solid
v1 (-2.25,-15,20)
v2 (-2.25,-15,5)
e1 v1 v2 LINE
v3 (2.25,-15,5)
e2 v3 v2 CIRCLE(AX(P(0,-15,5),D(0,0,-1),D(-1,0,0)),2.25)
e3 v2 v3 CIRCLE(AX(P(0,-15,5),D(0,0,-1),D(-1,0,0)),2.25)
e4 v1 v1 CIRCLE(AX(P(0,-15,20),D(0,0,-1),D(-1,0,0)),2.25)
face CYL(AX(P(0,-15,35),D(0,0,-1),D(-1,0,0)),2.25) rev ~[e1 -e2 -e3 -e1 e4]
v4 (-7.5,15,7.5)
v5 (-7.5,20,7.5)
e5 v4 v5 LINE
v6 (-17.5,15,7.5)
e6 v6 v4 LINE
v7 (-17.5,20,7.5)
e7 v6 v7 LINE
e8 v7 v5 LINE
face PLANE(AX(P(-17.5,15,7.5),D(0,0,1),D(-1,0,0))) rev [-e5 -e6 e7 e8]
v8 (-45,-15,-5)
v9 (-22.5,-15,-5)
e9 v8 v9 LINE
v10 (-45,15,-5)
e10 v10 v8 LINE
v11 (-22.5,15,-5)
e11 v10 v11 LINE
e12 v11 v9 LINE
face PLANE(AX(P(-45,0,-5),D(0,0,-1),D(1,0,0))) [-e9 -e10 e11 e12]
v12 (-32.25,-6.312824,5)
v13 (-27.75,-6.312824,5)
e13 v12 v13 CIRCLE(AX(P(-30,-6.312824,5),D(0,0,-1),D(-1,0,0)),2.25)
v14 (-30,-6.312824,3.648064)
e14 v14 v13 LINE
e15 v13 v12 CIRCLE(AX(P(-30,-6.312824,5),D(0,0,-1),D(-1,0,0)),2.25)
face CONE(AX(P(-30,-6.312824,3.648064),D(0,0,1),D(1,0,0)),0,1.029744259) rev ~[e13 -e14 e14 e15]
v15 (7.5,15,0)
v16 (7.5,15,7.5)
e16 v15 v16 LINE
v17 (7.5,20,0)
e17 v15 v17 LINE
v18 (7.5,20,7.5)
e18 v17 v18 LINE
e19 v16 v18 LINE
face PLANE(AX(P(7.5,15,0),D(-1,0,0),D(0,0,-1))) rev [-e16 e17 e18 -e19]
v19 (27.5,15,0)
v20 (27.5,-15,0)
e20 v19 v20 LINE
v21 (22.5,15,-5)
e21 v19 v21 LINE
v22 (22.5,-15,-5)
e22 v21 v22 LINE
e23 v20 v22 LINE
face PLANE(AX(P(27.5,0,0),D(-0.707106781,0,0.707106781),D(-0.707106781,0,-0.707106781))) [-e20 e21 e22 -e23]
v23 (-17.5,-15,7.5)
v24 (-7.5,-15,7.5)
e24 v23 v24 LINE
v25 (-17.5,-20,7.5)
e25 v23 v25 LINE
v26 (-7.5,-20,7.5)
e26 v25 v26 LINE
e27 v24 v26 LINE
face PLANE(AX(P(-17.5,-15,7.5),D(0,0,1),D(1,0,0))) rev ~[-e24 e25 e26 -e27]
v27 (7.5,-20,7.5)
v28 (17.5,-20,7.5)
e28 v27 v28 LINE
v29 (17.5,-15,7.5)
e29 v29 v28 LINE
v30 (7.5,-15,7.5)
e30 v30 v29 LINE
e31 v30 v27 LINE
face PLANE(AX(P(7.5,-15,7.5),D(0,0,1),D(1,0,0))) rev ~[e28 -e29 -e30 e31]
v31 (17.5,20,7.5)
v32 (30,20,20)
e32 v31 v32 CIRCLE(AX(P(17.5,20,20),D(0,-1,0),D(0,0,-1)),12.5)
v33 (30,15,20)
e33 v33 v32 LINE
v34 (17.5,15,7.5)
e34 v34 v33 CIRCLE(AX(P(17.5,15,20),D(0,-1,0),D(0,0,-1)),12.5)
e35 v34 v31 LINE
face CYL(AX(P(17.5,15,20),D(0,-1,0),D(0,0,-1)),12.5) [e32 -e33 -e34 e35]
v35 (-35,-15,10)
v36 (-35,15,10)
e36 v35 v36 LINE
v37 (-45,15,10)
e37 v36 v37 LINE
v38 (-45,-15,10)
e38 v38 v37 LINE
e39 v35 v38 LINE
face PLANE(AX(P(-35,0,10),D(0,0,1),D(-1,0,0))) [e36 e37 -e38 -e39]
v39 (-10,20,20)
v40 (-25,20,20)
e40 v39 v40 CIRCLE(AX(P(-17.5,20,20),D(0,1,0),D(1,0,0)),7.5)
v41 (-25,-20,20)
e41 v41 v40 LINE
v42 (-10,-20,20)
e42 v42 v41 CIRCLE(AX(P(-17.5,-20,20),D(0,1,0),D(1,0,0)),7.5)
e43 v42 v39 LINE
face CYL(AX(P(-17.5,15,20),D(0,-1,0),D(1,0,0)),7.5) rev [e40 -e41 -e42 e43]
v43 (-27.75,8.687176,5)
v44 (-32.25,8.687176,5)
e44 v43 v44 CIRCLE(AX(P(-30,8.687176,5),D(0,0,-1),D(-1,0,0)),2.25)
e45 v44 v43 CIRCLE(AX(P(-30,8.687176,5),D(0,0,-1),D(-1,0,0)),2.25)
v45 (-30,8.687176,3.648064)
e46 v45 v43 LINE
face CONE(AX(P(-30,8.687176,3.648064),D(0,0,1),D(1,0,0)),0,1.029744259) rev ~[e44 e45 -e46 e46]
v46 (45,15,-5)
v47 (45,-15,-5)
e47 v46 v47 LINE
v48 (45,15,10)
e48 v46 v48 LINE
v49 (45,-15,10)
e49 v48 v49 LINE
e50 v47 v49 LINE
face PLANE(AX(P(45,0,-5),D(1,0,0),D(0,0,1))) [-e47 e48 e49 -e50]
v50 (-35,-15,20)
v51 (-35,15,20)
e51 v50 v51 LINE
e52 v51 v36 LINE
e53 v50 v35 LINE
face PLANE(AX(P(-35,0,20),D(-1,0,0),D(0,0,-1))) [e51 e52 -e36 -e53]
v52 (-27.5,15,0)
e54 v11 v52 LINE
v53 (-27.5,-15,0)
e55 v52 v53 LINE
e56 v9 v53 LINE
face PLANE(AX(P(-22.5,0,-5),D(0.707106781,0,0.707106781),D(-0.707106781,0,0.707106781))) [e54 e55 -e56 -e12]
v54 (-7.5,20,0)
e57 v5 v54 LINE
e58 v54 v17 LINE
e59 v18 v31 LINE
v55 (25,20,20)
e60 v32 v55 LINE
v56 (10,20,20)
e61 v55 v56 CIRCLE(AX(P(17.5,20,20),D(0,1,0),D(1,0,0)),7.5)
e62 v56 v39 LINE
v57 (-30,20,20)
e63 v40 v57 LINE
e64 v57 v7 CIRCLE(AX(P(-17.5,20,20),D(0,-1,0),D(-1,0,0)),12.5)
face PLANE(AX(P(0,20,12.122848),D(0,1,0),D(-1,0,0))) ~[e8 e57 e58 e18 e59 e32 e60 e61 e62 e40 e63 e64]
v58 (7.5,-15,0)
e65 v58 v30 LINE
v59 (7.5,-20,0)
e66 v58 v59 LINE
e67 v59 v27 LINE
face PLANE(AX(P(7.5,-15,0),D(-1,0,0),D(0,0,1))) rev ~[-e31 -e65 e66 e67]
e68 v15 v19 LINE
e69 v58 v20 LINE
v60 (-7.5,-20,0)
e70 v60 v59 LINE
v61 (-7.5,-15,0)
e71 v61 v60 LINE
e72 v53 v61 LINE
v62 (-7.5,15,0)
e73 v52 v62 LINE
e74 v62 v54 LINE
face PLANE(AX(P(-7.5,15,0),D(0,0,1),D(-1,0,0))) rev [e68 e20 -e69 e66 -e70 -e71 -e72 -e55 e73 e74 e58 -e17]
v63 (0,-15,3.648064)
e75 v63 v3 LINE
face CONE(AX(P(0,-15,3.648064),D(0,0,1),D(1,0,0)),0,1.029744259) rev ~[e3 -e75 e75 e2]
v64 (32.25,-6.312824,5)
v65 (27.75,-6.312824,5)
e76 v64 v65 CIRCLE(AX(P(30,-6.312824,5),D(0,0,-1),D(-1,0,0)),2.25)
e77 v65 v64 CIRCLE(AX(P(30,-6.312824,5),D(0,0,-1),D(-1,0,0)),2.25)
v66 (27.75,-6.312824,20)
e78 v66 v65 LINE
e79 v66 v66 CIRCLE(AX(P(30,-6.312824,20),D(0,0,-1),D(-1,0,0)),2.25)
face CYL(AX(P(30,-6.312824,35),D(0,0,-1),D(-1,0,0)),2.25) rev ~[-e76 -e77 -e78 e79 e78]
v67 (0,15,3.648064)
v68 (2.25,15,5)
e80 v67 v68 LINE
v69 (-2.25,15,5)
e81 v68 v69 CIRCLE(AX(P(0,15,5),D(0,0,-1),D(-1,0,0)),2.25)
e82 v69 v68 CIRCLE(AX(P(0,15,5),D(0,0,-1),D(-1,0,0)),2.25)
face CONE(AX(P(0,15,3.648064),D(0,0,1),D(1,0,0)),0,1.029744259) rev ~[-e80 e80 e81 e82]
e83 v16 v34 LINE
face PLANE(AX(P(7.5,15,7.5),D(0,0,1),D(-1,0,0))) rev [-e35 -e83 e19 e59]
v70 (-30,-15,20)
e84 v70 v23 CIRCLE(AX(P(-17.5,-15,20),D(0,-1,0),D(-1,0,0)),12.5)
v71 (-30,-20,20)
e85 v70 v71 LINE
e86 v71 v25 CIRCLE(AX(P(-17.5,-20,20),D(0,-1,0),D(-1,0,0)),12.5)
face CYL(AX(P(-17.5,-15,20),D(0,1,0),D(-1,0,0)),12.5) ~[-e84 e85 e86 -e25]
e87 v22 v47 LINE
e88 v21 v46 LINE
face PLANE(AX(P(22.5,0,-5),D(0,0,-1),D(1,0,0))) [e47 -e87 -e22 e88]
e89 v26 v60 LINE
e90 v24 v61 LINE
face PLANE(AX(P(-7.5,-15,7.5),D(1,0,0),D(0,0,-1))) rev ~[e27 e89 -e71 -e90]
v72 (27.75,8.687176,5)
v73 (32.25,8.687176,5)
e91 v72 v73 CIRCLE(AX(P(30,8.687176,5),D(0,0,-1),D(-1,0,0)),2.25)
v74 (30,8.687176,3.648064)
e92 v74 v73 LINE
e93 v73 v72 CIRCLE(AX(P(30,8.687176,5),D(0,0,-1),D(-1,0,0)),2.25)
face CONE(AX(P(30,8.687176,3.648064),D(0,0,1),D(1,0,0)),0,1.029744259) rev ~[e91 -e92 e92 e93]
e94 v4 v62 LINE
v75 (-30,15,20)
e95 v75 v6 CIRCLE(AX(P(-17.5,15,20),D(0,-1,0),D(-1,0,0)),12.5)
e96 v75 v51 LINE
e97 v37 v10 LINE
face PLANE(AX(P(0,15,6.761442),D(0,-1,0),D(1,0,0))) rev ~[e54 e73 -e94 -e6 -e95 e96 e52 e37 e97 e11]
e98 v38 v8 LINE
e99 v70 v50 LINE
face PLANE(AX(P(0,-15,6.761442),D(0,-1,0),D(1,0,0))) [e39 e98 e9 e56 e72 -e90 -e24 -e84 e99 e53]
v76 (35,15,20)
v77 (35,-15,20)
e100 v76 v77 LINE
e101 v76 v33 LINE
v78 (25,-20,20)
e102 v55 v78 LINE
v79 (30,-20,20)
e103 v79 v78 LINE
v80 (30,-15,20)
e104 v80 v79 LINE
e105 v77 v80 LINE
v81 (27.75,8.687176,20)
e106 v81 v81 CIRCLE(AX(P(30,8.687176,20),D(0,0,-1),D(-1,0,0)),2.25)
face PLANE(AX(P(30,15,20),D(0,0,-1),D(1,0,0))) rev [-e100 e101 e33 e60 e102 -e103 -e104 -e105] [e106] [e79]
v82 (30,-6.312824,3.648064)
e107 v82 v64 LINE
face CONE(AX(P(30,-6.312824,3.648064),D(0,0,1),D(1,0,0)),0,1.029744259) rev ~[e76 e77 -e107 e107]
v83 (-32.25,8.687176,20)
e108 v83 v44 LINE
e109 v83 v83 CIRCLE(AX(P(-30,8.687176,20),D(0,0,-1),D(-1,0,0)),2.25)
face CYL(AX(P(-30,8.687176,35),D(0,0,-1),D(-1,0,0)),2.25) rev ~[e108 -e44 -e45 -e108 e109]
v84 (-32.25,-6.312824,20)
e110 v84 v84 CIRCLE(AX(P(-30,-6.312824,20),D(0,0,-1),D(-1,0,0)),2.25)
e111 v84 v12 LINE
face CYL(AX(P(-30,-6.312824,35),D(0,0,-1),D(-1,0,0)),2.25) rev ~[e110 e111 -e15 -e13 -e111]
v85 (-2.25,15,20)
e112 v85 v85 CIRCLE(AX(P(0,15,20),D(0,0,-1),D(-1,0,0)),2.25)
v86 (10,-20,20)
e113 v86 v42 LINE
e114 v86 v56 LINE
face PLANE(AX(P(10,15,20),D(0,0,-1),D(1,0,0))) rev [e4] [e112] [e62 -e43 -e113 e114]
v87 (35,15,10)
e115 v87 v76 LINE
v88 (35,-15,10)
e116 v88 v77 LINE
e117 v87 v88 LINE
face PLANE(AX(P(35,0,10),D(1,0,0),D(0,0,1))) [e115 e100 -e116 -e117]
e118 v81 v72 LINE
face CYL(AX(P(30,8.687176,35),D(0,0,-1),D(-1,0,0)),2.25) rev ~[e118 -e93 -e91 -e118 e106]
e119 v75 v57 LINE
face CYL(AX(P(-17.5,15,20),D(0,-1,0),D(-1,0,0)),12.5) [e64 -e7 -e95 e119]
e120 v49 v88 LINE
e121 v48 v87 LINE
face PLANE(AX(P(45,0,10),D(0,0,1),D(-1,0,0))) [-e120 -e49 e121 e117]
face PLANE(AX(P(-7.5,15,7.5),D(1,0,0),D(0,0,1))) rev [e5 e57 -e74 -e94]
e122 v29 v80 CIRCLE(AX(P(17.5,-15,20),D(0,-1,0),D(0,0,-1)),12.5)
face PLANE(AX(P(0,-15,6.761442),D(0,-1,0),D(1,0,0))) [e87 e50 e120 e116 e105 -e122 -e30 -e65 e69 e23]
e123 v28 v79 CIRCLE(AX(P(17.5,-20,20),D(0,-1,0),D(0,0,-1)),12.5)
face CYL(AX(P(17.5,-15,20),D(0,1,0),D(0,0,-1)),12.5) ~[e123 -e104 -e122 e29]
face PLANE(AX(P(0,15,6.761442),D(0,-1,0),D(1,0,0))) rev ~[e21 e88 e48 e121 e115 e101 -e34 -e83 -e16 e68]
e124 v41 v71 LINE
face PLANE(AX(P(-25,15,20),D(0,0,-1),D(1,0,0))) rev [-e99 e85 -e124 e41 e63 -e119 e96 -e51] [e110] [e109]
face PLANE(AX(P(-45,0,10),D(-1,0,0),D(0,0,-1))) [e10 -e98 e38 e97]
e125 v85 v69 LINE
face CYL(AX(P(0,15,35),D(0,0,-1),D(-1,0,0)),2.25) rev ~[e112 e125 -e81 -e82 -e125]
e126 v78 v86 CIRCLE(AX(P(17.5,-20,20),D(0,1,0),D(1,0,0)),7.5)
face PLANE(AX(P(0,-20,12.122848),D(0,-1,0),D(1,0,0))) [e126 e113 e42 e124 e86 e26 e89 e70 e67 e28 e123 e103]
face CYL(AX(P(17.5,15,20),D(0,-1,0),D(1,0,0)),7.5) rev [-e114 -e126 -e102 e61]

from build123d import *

# Parameters (mm, degrees)
F1_DEPTH = 15
F3_DEPTH = 5
F6_D     = 4.5
F6_DEPTH = 15
F6_TIP   = 1.3519363928


with BuildPart() as f1:
    # F0 (on Front) → F1 (new body, symmetric)
    with BuildSketch(Plane.XZ):
        with BuildLine():
            Line((-45, 10), (-45, -5))
            Line((-45, -5), (-22.5, -5))
            Line((-22.5, -5), (-27.5, 0))
            Line((-27.5, 0), (27.5, 0))
            Line((27.5, 0), (22.5, -5))
            Line((22.5, -5), (45, -5))
            Line((45, -5), (45, 10))
            Line((45, 10), (35, 10))
            Line((35, 10), (35, 20))
            Line((35, 20), (25, 20))
            ThreePointArc((25, 20), (17.5, 12.5), (10, 20))
            Line((10, 20), (-10, 20))
            ThreePointArc((-10, 20), (-17.5, 12.5), (-25, 20))
            Line((-25, 20), (-35, 20))
            Line((-35, 20), (-35, 10))
            Line((-35, 10), (-45, 10))
        make_face()
    extrude(amount=F1_DEPTH, both=True)

    # F2 (on face) → F3 (join)
    with BuildSketch(Plane.XZ.offset(15)):
        with BuildLine():
            Line((-25, 20), (-30, 20))
            ThreePointArc((-30, 20), (-26.3388347648, 11.1611652352), (-17.5, 7.5))
            Line((-17.5, 7.5), (-7.5, 7.5))
            Line((-7.5, 7.5), (-7.5, 0))
            Line((-7.5, 0), (7.5, 0))
            Line((7.5, 0), (7.5, 7.5))
            Line((7.5, 7.5), (17.5, 7.5))
            ThreePointArc((17.5, 7.5), (26.3388347648, 11.1611652352), (30, 20))
            Line((30, 20), (25, 20))
            ThreePointArc((25, 20), (17.5, 12.5), (10, 20))
            Line((10, 20), (-10, 20))
            ThreePointArc((-10, 20), (-17.5, 12.5), (-25, 20))
        make_face()
    extrude(amount=F3_DEPTH)

    # F4: F1 across plane


with BuildPart() as f1_1:
    add(f1.part)
    add(f1.part.mirror(Plane.XZ))

    # F6
    with Locations(Plane.XY.offset(20)):
        with Locations((-30, 8.6871764955), (-30, -6.3128235045), (0, 15), (0, -15), (30, 8.6871764955), (30, -6.3128235045)):
            Hole(F6_D / 2, depth=F6_DEPTH)
            with Locations((0, 0, -(F6_DEPTH + F6_TIP / 2))):  # 118° drill point
                Cone(0, F6_D / 2, F6_TIP, mode=Mode.SUBTRACT)


solid = f1_1.part
